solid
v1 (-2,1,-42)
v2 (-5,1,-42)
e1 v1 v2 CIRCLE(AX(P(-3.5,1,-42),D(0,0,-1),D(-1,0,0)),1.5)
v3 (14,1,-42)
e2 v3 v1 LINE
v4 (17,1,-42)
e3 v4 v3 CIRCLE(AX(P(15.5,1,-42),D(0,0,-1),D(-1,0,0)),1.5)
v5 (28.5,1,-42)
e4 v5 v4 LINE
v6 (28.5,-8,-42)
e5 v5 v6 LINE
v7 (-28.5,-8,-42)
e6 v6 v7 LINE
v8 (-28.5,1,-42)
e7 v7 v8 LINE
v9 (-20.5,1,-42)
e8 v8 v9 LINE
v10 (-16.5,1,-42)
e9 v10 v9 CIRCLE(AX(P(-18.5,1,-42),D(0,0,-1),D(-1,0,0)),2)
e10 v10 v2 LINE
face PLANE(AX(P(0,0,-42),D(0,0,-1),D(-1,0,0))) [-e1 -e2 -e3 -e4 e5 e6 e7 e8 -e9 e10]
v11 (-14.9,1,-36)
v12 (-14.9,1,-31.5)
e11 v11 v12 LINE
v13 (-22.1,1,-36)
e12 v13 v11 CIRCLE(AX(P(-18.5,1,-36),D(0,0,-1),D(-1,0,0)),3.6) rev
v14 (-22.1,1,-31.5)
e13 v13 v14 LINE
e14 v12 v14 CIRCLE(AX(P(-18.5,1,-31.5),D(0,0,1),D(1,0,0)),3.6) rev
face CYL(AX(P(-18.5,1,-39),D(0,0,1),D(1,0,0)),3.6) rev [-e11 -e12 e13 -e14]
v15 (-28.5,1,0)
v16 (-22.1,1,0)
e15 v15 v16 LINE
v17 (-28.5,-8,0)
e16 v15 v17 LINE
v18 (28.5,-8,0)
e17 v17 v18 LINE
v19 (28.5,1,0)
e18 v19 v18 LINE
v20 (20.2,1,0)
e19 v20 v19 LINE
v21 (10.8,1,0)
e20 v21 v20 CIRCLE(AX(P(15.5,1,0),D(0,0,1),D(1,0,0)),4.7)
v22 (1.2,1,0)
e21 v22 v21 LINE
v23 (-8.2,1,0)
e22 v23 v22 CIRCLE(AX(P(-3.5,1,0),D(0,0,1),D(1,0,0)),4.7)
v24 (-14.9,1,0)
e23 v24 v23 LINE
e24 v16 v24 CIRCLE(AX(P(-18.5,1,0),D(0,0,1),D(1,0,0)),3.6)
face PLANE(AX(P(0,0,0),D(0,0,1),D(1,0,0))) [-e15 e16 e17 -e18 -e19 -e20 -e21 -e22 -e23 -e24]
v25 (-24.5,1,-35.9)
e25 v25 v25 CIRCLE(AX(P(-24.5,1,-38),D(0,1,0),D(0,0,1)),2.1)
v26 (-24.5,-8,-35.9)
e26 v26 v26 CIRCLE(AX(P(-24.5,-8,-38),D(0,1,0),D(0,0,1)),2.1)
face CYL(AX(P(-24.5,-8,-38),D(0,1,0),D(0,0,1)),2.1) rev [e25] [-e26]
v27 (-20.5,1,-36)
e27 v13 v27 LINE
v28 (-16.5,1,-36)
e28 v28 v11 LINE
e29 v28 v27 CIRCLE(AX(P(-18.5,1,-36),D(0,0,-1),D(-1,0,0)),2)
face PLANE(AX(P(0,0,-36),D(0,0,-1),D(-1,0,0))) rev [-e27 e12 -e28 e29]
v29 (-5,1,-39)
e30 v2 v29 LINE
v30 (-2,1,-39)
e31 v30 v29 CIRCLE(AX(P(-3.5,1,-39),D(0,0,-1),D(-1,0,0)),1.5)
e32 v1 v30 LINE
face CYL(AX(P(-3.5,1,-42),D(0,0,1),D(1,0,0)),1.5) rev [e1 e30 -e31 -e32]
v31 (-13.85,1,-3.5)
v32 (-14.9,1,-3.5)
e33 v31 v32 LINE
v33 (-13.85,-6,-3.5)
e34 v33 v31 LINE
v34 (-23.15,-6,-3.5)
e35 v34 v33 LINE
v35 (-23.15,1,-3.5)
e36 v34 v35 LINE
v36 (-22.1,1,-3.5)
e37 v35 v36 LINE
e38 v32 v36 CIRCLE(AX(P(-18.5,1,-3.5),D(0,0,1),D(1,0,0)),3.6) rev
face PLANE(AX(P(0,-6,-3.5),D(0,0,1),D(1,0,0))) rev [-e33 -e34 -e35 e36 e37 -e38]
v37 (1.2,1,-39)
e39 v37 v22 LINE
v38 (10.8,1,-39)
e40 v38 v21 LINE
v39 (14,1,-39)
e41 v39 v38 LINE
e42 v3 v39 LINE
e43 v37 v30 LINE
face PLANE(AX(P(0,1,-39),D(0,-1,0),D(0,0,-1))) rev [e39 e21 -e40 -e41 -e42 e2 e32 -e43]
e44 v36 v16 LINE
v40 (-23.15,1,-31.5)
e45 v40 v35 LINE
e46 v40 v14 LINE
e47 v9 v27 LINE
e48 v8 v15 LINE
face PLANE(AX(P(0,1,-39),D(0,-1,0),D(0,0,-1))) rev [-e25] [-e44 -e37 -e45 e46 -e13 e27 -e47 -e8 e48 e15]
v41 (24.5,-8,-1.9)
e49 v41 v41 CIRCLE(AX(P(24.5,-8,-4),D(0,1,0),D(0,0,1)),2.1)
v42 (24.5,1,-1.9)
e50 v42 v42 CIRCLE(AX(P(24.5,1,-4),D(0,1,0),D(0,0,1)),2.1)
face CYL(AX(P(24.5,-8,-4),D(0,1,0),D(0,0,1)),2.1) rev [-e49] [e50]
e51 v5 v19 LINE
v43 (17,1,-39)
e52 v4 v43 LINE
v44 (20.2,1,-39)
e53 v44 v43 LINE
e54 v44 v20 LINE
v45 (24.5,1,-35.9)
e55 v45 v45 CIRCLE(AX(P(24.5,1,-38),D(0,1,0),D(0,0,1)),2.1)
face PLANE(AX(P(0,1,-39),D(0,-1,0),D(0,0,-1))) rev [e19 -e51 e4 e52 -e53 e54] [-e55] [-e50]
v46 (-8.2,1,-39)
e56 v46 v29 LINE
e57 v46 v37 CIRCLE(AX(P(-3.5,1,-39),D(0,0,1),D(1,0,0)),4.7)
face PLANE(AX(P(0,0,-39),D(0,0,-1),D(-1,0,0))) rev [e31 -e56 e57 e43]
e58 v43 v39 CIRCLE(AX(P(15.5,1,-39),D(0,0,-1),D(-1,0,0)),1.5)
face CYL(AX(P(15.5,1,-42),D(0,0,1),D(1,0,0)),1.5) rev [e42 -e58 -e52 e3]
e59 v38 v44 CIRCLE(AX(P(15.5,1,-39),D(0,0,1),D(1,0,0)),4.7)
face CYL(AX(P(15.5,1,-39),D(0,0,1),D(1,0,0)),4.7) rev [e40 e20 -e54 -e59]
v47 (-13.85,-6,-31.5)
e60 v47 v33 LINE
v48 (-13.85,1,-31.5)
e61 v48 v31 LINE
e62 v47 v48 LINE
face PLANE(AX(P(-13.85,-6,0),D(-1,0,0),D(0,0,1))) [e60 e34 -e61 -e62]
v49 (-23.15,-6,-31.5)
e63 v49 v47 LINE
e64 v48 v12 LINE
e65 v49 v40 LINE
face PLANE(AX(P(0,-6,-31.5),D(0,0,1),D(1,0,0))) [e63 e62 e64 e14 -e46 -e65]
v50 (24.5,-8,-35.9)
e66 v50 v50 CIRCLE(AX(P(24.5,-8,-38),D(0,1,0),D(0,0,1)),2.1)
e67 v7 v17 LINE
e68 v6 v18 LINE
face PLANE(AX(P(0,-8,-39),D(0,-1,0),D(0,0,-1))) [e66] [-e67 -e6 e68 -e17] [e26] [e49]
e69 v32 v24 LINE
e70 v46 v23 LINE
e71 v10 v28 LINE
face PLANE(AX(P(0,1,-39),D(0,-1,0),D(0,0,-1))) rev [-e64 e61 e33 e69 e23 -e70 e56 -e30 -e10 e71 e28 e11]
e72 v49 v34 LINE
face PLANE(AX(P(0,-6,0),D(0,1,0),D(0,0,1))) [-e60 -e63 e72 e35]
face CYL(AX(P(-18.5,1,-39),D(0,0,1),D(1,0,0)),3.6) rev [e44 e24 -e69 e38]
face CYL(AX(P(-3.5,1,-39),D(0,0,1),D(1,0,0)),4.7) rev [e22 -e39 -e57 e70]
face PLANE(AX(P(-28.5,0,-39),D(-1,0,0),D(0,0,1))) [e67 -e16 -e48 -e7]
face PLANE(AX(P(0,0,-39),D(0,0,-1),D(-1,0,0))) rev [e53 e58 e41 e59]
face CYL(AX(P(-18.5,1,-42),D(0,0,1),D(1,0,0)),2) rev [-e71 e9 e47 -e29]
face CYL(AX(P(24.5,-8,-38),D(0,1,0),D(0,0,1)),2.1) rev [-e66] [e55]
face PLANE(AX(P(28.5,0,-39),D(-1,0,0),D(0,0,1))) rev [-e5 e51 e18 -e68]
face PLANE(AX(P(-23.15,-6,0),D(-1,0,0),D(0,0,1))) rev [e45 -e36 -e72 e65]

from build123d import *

# Parameters (mm, degrees)
SALIENTE_EXTRUIR1_DEPTH = 39
CROQUIS2_W              = 9.3
CROQUIS2_H              = 28
CORTAR_EXTRUIR1_DEPTH   = 7
SALIENTE_EXTRUIR4_DEPTH = 3
SALIENTE_EXTRUIR5_DEPTH = 3
CROQUIS4_R              = 2.1
CORTAR_EXTRUIR2_DEPTH   = 52.548520832


with BuildPart() as part:
    # Croquis1 → Saliente-Extruir1 (new body)
    with BuildSketch(Plane.XY):
        with BuildLine():
            Line((-22.1, 1), (-28.5, 1))
            Line((-28.5, 1), (-28.5, -8))
            Line((-28.5, -8), (28.5, -8))
            Line((28.5, -8), (28.5, 1))
            Line((28.5, 1), (20.2, 1))
            ThreePointArc((20.2, 1), (15.5, -3.7), (10.8, 1))
            Line((10.8, 1), (1.2, 1))
            ThreePointArc((1.2, 1), (-3.5, -3.7), (-8.2, 1))
            Line((-8.2, 1), (-14.9, 1))
            ThreePointArc((-14.9, 1), (-18.5, -2.6), (-22.1, 1))
        make_face()
    extrude(amount=-SALIENTE_EXTRUIR1_DEPTH)

    # Croquis2 → Cortar-Extruir1 (cut)
    with BuildSketch(Plane(origin=(0, 1, 0), x_dir=(1, 0, 0), z_dir=(0, 1, 0))):
        with Locations((-18.5, 17.5)):
            Rectangle(CROQUIS2_W, CROQUIS2_H)
    extrude(amount=-CORTAR_EXTRUIR1_DEPTH, mode=Mode.SUBTRACT)

    # Croquis3 → Saliente-Extruir4 (add)
    with BuildSketch(Plane(origin=(0, 0, -39), x_dir=(-1, 0, 0), z_dir=(0, 0, -1))):
        with BuildLine():
            Line((-28.5, 1), (-28.5, -8))
            Line((-28.5, -8), (13.5, -8))
            Line((13.5, -8), (13.5, 1))
            Line((13.5, 1), (5, 1))
            ThreePointArc((5, 1), (3.5, -0.5), (2, 1))
            Line((2, 1), (-14, 1))
            ThreePointArc((-14, 1), (-15.5, -0.5), (-17, 1))
            Line((-17, 1), (-28.5, 1))
        make_face()
    extrude(amount=SALIENTE_EXTRUIR4_DEPTH)

    # Croquis3<4> → Saliente-Extruir5 (add, symmetric)
    with BuildSketch(Plane(origin=(0, 0, -39), x_dir=(-1, 0, 0), z_dir=(0, 0, -1))):
        with BuildLine():
            Line((13.5, 1), (13.5, -8))
            Line((13.5, -8), (28.5, -8))
            Line((28.5, -8), (28.5, 1))
            Line((28.5, 1), (20.5, 1))
            ThreePointArc((20.5, 1), (18.5, -1), (16.5, 1))
            Line((16.5, 1), (13.5, 1))
        make_face()
    extrude(amount=SALIENTE_EXTRUIR5_DEPTH, both=True)

    # Croquis4 → Cortar-Extruir2 (cut, through all)
    with BuildSketch(Plane(origin=(0, 1, 0), x_dir=(1, 0, 0), z_dir=(0, 1, 0))):
        with Locations((-24.5, 38)):
            Circle(CROQUIS4_R)
        with Locations((24.5, 38)):
            Circle(CROQUIS4_R)
        with Locations((24.5, 4)):
            Circle(CROQUIS4_R)
    extrude(amount=-CORTAR_EXTRUIR2_DEPTH, mode=Mode.SUBTRACT)


solid = part.part
